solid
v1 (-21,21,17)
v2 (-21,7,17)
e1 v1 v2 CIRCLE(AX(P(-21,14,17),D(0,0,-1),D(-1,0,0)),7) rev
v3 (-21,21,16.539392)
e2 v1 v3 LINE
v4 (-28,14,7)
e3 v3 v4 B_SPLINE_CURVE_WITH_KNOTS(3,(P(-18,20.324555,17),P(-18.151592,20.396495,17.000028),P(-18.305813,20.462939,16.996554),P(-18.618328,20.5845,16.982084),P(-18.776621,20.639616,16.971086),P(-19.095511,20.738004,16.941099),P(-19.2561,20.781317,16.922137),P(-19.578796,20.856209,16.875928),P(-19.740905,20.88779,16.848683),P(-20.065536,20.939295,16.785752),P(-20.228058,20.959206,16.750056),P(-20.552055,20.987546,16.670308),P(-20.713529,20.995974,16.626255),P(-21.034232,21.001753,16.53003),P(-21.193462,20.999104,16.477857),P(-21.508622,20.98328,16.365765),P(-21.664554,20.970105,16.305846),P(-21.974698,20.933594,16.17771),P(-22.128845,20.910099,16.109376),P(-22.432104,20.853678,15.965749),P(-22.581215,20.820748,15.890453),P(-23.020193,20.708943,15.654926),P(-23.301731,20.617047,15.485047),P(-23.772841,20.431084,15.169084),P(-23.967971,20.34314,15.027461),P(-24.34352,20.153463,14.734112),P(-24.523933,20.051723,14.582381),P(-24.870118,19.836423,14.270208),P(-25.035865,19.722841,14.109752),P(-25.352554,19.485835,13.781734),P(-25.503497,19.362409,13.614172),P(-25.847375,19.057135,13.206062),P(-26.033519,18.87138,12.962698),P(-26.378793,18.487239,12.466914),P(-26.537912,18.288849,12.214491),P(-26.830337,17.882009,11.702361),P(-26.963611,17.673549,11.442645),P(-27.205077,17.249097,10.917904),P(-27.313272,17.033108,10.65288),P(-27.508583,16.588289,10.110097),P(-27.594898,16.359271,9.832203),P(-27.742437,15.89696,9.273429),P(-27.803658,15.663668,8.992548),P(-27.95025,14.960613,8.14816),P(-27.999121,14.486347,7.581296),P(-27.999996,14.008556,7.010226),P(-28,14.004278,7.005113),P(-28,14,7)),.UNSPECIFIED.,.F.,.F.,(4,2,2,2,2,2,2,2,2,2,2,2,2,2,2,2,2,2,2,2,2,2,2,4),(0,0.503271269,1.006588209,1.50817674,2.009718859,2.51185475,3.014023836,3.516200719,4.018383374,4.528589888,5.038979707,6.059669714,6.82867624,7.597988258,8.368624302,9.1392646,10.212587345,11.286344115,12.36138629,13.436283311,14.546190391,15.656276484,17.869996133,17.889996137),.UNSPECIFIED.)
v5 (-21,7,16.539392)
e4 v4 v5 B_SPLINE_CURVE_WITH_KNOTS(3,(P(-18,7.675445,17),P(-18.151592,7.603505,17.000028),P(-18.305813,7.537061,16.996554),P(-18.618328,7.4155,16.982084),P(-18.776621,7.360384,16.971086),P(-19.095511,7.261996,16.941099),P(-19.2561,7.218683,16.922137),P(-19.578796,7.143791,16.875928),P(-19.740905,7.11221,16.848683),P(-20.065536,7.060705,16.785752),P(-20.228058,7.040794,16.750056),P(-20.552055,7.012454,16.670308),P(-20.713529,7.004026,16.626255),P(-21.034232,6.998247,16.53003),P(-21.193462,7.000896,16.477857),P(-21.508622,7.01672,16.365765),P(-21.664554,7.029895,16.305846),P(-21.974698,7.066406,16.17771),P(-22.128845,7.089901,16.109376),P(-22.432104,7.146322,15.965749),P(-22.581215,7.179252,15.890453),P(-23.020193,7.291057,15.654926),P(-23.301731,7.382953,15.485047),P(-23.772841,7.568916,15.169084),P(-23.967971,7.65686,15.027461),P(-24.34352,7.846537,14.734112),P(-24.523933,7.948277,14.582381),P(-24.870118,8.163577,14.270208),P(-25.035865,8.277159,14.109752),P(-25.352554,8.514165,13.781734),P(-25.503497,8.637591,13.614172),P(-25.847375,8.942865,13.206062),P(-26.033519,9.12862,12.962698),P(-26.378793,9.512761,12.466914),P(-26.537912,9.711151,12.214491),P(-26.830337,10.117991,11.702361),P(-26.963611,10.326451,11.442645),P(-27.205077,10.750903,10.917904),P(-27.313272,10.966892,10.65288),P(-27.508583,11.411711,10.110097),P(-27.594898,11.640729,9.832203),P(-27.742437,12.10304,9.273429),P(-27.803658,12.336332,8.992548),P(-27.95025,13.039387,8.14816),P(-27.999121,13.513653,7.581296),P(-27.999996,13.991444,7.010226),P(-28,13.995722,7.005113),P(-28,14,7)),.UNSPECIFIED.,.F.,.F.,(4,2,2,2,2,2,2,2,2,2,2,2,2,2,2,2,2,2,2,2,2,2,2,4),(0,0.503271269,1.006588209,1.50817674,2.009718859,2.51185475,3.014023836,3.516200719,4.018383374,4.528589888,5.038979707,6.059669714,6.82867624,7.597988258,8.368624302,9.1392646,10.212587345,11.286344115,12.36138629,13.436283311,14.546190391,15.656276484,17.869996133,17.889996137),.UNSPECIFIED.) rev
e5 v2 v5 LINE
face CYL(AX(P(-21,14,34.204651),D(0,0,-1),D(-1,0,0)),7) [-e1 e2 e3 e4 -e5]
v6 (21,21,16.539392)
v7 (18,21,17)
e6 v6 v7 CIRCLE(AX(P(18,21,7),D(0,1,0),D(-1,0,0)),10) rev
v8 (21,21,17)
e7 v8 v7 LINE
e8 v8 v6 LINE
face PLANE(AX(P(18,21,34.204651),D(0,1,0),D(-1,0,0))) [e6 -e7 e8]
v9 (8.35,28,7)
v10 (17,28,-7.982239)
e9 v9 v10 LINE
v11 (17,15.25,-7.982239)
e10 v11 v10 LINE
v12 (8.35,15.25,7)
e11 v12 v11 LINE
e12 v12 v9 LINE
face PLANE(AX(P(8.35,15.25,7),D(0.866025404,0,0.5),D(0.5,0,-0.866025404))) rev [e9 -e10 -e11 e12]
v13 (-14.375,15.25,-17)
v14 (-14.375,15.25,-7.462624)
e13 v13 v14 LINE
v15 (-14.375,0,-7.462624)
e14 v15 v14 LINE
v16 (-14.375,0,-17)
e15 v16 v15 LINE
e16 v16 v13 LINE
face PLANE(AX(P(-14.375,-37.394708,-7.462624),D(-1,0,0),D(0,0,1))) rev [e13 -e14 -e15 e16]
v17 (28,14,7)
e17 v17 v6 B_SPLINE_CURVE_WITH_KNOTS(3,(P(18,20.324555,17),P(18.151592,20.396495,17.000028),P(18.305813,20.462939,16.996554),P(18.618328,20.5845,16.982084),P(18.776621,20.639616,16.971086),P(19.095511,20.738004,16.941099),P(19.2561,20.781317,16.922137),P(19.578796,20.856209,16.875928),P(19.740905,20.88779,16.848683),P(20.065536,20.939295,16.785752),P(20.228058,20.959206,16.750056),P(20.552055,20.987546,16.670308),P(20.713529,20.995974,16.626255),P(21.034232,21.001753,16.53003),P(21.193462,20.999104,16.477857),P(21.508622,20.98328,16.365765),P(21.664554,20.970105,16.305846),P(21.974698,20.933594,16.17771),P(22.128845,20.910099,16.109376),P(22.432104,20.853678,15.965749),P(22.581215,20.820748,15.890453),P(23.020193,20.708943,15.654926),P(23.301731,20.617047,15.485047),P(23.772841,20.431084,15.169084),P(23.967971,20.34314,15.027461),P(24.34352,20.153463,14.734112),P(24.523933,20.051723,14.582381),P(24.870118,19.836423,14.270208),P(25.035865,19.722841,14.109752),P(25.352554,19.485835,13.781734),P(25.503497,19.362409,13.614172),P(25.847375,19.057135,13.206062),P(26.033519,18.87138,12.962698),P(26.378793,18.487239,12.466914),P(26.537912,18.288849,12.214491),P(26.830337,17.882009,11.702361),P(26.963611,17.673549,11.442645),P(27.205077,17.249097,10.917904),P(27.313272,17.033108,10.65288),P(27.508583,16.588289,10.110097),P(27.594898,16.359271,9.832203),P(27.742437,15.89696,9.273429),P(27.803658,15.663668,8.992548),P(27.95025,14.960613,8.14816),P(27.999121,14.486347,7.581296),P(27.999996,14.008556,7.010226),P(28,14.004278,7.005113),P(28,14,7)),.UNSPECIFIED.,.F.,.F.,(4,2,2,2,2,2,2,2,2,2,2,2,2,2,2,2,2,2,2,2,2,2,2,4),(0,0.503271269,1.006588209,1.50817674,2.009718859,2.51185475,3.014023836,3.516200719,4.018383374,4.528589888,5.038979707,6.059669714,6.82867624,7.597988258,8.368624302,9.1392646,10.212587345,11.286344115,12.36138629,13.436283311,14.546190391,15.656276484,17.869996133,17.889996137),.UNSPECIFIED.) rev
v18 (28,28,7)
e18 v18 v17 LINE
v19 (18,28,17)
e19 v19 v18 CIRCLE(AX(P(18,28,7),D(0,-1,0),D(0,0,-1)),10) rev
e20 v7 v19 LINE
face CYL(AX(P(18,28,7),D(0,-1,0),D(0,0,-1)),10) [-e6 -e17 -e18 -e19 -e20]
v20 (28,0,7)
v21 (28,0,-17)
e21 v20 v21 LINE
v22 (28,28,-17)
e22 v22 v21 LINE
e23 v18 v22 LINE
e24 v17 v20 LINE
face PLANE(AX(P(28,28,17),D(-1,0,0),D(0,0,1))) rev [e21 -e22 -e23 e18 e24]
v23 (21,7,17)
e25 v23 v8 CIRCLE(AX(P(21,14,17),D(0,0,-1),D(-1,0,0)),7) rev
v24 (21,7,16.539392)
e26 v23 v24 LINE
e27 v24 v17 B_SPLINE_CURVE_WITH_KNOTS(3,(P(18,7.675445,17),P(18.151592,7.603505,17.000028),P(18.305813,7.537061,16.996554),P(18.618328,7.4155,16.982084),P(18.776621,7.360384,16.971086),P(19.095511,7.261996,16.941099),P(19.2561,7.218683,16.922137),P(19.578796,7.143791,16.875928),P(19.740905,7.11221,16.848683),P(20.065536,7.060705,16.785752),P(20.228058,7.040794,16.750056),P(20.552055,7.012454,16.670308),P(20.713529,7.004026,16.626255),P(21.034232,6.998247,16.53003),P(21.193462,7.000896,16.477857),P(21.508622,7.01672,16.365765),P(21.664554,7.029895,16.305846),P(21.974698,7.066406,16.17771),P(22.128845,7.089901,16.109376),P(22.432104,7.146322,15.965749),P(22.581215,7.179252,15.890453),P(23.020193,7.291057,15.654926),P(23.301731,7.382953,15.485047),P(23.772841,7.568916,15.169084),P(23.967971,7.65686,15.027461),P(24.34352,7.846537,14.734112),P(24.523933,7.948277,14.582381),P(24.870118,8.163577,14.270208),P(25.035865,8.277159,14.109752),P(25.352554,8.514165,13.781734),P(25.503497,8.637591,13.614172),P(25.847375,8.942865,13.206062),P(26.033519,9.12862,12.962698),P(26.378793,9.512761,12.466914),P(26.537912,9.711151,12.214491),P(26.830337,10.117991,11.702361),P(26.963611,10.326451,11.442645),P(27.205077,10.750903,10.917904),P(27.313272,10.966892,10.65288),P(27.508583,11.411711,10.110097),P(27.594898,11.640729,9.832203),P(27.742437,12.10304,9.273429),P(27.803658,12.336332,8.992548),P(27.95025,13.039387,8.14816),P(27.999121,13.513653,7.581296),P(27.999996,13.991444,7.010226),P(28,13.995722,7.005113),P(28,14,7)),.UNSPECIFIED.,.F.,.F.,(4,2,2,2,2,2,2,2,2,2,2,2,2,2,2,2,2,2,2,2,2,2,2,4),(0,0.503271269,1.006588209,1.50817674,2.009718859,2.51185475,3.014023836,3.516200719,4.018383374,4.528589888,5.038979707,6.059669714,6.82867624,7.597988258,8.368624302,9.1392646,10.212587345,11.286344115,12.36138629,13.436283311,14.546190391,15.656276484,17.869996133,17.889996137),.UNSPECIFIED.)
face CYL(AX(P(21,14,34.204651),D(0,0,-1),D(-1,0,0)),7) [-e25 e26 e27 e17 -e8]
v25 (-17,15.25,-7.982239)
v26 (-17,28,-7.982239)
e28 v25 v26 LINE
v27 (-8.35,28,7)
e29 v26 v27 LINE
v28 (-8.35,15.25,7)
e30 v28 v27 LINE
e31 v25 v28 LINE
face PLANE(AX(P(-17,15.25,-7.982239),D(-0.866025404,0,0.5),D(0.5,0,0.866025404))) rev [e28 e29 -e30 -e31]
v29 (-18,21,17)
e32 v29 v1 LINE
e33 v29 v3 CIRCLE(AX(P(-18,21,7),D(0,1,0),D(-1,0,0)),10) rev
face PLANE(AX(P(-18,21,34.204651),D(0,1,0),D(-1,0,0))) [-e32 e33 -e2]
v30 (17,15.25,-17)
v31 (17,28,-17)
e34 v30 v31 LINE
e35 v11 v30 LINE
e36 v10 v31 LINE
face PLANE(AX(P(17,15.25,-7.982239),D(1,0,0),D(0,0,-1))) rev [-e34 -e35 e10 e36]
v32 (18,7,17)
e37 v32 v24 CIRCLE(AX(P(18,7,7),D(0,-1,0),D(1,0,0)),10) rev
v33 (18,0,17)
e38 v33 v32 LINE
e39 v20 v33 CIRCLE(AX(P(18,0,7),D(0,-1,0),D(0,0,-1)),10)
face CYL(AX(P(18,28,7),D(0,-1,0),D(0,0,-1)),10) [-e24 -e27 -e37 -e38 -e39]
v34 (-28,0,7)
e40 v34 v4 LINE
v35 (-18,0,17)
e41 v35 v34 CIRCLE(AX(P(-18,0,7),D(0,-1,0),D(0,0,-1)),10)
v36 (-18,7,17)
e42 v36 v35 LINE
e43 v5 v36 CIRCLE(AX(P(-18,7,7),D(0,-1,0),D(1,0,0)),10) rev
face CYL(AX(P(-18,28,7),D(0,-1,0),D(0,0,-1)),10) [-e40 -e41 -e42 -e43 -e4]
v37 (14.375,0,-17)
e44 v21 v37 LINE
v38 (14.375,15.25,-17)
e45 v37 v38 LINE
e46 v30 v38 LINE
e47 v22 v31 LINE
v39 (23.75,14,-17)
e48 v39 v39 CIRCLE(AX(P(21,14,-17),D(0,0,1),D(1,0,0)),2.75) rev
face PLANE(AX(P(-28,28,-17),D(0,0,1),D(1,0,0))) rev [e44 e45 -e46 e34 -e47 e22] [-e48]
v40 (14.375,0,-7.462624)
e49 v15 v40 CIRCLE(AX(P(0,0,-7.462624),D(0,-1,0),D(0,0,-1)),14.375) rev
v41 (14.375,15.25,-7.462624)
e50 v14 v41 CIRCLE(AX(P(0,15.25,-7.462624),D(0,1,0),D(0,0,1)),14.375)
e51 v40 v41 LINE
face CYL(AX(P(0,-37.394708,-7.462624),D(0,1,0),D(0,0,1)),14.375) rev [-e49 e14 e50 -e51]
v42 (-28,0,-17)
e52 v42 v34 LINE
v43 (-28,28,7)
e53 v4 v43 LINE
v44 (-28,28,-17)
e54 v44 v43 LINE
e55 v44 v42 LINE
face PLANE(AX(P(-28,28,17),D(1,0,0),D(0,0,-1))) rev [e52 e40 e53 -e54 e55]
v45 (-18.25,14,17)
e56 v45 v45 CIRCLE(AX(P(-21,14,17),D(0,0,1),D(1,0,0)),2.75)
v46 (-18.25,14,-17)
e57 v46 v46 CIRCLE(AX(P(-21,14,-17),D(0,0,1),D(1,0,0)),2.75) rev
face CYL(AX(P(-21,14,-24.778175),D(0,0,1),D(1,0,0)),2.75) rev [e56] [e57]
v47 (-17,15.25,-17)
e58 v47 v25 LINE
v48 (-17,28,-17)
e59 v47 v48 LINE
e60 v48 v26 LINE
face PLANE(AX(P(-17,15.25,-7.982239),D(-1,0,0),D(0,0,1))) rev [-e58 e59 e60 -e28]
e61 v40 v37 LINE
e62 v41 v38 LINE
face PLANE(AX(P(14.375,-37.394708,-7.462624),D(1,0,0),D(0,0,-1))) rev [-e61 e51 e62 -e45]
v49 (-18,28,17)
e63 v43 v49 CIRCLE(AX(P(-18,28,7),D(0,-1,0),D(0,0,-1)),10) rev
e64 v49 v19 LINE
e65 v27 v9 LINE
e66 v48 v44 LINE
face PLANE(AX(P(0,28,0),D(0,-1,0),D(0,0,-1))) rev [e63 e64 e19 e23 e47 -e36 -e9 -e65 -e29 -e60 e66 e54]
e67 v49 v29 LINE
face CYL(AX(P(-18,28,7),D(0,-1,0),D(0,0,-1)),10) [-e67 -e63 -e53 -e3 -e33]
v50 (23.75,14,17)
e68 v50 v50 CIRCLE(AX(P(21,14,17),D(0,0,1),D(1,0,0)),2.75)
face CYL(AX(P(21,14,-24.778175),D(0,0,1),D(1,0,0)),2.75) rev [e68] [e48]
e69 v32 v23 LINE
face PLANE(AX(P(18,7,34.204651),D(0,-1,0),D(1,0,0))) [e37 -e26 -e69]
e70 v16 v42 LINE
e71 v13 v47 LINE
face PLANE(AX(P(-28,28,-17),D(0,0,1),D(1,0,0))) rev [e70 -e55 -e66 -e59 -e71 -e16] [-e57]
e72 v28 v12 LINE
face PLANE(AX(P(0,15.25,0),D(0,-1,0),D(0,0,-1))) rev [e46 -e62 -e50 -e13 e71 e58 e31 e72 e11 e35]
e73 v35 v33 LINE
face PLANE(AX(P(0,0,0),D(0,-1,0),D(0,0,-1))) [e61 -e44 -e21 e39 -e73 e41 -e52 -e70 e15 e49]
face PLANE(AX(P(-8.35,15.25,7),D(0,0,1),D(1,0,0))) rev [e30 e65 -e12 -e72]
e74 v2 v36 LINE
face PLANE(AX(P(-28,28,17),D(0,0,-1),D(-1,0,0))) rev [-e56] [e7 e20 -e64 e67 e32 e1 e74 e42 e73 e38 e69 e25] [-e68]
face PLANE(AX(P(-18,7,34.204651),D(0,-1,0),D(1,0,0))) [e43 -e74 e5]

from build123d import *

# Parameters (mm, degrees)
SKETCH1_W           = 56
SKETCH1_H           = 34
BOSS_EXTRUDE1_DEPTH = 28
CUT_EXTRUDE1_DEPTH  = 12.75
CUT_EXTRUDE2_DEPTH  = 15.25
FILLET1_R           = 10
BOSS_EXTRUDE2_DEPTH = 10
SKETCH6_R           = 2.75
CUT_EXTRUDE3_DEPTH  = 34


with BuildPart() as part:
    # Sketch1 → Boss-Extrude1 (new body)
    with BuildSketch(Plane(origin=(0, 0, 0), x_dir=(1, 0, 0), z_dir=(0, 1, 0))):
        Rectangle(SKETCH1_W, SKETCH1_H)
    extrude(amount=BOSS_EXTRUDE1_DEPTH)

    # Sketch2 → Cut-Extrude1 (cut)
    with BuildSketch(Plane(origin=(0, 28, 0), x_dir=(1, 0, 0), z_dir=(0, 1, 0))):
        Polygon((-17, 7.982239485), (-8.35, -7), (8.35, -7), (17, 7.982239485), (17, 17), (-17, 17), align=None)
    extrude(amount=-CUT_EXTRUDE1_DEPTH, mode=Mode.SUBTRACT)

    # Sketch3 → Cut-Extrude2 (cut)
    with BuildSketch(Plane(origin=(0, 15.25, 0), x_dir=(1, 0, 0), z_dir=(0, 1, 0))):
        with BuildLine():
            Line((-14.375, 7.462624243), (-14.375, 17))
            Line((-14.375, 17), (14.375, 17))
            Line((14.375, 17), (14.375, 7.462624243))
            ThreePointArc((14.375, 7.462624243), (0, -6.912375757), (-14.375, 7.462624243))
        make_face()
    extrude(amount=-CUT_EXTRUDE2_DEPTH, mode=Mode.SUBTRACT)

    # Fillet1
    fillet1_edges = [part.edges().sort_by_distance(p)[0] for p in [
        (28, 14, 17),
        (-28, 14, 17),
    ]]
    fillet(fillet1_edges, radius=FILLET1_R)

    # Sketch5 → Boss-Extrude2 (add)
    with BuildSketch(Plane(origin=(0, 0, 7), x_dir=(-1, 0, 0), z_dir=(0, 0, -1))):
        with BuildLine():
            Line((18, 21), (18, 7))
            Line((18, 7), (21, 7))
            ThreePointArc((21, 7), (28, 14), (21, 21))
            Line((21, 21), (18, 21))
        make_face()
        with BuildLine():
            Line((-18, 7), (-21, 7))
            ThreePointArc((-21, 7), (-28, 14), (-21, 21))
            Line((-21, 21), (-18, 21))
            Line((-18, 21), (-18, 7))
        make_face()
    extrude(amount=-BOSS_EXTRUDE2_DEPTH)

    # Sketch6 → Cut-Extrude3 (cut)
    with BuildSketch(Plane.XY.offset(17)):
        with Locations((-21, 14)):
            Circle(SKETCH6_R)
        with Locations((21, 14)):
            Circle(SKETCH6_R)
    extrude(amount=-CUT_EXTRUDE3_DEPTH, mode=Mode.SUBTRACT)


solid = part.part
